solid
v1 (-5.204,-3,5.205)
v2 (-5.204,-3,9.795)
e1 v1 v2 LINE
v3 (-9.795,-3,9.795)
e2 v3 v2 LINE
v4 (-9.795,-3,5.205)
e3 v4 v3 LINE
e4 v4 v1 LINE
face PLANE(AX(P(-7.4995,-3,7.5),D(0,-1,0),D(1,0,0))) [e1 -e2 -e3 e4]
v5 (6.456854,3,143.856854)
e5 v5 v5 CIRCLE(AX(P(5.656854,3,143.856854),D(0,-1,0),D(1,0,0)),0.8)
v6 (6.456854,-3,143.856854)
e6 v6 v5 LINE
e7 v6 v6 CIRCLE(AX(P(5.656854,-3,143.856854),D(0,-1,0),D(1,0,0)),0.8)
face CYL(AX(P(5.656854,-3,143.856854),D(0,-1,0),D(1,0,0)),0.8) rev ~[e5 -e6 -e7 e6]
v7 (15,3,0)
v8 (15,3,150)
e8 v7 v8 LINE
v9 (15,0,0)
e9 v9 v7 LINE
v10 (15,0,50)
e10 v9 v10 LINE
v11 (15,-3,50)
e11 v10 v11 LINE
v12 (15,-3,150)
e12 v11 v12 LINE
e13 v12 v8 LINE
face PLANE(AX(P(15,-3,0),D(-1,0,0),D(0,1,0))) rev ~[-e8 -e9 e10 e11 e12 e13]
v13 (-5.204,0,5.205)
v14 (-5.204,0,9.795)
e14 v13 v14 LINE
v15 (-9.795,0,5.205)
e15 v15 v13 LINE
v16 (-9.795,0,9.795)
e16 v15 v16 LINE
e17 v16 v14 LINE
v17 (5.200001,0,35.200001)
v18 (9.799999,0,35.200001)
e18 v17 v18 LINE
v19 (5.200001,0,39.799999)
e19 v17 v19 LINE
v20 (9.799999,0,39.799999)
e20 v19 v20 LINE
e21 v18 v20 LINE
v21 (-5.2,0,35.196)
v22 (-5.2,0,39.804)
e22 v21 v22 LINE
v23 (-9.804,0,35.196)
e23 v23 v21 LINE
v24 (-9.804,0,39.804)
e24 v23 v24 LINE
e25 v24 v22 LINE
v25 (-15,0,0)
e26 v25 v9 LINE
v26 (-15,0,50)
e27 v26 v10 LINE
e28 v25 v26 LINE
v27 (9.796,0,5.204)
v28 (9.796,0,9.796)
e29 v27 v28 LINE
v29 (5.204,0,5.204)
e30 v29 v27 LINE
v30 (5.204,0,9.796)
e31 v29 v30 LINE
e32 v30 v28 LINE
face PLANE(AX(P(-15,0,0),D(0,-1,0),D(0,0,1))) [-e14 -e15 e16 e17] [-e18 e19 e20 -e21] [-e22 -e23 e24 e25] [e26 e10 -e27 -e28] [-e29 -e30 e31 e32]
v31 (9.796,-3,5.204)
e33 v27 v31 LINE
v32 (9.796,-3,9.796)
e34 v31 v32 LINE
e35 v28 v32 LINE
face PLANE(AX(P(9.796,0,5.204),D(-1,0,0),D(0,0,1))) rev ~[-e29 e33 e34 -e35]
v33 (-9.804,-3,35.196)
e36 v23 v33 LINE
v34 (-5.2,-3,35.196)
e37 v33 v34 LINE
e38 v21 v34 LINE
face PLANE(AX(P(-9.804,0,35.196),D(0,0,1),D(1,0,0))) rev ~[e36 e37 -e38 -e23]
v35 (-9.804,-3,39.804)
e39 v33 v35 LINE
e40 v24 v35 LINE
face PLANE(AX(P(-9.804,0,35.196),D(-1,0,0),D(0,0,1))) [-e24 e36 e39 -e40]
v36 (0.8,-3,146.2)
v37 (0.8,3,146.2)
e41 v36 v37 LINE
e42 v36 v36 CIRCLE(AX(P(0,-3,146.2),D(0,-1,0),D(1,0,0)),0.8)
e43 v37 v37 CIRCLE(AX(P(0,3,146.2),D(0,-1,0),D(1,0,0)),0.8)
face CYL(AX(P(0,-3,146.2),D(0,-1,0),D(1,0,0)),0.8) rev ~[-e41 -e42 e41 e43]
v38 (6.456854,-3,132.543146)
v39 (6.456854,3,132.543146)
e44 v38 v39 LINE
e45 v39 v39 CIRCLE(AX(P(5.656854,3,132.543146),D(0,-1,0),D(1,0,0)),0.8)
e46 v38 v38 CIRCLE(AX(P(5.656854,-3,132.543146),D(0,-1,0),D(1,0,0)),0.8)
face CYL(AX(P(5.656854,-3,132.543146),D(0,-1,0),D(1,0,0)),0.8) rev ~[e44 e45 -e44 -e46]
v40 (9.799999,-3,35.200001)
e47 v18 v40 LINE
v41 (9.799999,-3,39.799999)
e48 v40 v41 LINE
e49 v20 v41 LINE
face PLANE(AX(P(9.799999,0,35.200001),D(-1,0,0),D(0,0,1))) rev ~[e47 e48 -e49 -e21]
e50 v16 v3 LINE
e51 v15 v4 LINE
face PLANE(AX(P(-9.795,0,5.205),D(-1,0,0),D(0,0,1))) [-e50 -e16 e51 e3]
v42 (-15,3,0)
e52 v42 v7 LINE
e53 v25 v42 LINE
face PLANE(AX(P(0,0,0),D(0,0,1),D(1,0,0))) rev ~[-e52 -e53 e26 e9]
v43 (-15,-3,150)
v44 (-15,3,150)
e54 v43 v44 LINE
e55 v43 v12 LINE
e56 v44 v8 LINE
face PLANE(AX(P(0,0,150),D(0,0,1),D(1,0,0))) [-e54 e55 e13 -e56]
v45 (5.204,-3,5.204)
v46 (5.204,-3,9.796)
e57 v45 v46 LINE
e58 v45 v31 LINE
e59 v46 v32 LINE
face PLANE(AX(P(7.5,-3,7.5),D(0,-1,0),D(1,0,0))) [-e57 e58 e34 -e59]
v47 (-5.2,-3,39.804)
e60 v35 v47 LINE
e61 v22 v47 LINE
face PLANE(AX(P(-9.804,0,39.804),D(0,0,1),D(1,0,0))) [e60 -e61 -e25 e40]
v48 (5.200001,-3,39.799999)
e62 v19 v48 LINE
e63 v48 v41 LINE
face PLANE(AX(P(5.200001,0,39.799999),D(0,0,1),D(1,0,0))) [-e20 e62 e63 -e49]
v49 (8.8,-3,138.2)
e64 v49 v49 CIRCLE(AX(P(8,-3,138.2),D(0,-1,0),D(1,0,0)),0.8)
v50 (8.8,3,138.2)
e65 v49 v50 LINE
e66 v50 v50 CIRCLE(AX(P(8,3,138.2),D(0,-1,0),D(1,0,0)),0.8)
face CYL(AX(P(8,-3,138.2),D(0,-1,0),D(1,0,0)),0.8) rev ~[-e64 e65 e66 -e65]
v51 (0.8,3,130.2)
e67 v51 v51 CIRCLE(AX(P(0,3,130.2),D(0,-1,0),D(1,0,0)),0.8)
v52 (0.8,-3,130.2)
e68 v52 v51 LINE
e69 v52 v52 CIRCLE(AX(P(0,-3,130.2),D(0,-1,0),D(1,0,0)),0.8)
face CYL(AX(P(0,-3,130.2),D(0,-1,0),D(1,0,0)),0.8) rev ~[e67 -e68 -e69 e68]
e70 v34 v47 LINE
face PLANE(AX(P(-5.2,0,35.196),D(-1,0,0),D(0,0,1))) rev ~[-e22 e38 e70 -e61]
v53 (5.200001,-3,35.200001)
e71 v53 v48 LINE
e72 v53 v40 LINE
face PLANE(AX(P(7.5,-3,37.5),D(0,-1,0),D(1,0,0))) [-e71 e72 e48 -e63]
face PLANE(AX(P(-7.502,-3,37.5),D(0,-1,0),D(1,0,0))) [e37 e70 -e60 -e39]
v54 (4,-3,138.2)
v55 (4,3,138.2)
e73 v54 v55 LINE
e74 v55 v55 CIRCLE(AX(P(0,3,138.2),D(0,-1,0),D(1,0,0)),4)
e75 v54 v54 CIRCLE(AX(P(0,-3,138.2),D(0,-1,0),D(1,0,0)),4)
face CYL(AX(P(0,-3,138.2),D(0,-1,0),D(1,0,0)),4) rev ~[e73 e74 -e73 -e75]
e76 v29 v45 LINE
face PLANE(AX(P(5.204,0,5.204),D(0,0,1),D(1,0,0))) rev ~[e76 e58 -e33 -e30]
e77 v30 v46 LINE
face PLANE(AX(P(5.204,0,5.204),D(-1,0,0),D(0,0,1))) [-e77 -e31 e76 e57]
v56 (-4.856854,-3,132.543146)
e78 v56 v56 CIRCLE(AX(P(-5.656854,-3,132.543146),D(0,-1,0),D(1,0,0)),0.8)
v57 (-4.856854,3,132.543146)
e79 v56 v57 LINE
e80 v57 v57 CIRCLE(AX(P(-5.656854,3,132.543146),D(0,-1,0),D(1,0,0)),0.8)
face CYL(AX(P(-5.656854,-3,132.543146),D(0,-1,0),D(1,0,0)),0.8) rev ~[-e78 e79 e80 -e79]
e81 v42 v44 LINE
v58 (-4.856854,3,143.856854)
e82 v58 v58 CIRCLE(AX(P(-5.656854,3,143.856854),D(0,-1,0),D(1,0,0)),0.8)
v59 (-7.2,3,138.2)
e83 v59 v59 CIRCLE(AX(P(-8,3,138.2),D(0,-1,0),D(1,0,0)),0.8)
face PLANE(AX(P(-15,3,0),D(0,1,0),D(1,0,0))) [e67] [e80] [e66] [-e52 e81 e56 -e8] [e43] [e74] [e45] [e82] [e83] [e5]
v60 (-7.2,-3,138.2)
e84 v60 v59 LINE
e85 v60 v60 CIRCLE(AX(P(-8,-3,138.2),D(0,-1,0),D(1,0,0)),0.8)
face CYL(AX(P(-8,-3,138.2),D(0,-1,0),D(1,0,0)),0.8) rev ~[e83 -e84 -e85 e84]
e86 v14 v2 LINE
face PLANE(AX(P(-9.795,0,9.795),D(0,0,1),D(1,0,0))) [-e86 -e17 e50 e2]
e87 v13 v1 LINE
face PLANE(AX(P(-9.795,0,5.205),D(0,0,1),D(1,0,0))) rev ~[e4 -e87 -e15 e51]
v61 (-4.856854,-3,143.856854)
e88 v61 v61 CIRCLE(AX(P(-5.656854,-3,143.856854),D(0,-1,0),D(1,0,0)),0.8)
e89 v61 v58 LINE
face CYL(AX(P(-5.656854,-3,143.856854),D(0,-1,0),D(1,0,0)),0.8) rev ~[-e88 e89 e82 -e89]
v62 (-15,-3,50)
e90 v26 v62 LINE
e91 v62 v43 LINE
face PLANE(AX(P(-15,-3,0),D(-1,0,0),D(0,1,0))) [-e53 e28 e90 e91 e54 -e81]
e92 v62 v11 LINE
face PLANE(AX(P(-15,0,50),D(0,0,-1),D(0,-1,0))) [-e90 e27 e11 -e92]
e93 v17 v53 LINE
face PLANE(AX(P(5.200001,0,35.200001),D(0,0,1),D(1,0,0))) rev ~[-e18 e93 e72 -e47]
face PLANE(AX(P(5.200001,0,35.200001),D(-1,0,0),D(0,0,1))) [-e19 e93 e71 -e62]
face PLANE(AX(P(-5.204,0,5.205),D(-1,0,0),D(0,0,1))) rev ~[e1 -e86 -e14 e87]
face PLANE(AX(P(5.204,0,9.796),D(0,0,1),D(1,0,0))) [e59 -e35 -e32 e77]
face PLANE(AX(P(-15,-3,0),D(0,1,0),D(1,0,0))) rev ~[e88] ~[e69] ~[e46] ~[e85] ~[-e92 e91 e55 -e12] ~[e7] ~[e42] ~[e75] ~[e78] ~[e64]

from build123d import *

# Parameters (mm, degrees)
F0_W     = 30
F0_H     = 6
F1_DEPTH = 150
F2_R     = 0.8
F2_R_2   = 4
F3_DEPTH = 6
F4_W     = 3
F4_H     = 50
F5_DEPTH = 30
F6_W     = 4.604
F6_H     = 4.608
F6_W_2   = 4.599998
F6_H_2   = 4.599998
F6_W_3   = 4.591
F6_H_3   = 4.59
F6_W_4   = 4.592
F6_H_4   = 4.592
F7_DEPTH = 3


with BuildPart() as f1:
    # F0 (on Top) → F1 (new body)
    with BuildSketch(Plane.XY):
        Rectangle(F0_W, F0_H)
    extrude(amount=F1_DEPTH)

    # F2 (on face) → F3 (cut, through all)
    with BuildSketch(Plane.XZ.offset(3)):
        with Locations((0, 146.2)):
            Circle(F2_R)
        with Locations((0, 138.2)):
            Circle(F2_R_2)
        with Locations((-5.656854, 143.856854)):
            Circle(F2_R)
        with Locations((-8, 138.2)):
            Circle(F2_R)
        with Locations((-5.656854, 132.543146)):
            Circle(F2_R)
        with Locations((0, 130.2)):
            Circle(F2_R)
        with Locations((5.656854, 132.543146)):
            Circle(F2_R)
        with Locations((8, 138.2)):
            Circle(F2_R)
        with Locations((5.656854, 143.856854)):
            Circle(F2_R)
    extrude(amount=-F3_DEPTH, mode=Mode.SUBTRACT)

    # F4 (on face) → F5 (cut, through all)
    with BuildSketch(Plane(origin=(-15, 0, 0), x_dir=(0, -1, 0), z_dir=(-1, 0, 0))):
        with Locations((1.5, 25)):
            Rectangle(F4_W, F4_H)
    extrude(amount=-F5_DEPTH, mode=Mode.SUBTRACT)

    # F6 (on face) → F7 (join)
    with BuildSketch(Plane.XZ):
        with Locations((-7.502, 37.5)):
            Rectangle(F6_W, F6_H)
        with Locations((7.5, 37.5)):
            Rectangle(F6_W_2, F6_H_2)
        with Locations((-7.4995, 7.5)):
            Rectangle(F6_W_3, F6_H_3)
        with Locations((7.5, 7.5)):
            Rectangle(F6_W_4, F6_H_4)
    extrude(amount=F7_DEPTH)


solid = f1.part
